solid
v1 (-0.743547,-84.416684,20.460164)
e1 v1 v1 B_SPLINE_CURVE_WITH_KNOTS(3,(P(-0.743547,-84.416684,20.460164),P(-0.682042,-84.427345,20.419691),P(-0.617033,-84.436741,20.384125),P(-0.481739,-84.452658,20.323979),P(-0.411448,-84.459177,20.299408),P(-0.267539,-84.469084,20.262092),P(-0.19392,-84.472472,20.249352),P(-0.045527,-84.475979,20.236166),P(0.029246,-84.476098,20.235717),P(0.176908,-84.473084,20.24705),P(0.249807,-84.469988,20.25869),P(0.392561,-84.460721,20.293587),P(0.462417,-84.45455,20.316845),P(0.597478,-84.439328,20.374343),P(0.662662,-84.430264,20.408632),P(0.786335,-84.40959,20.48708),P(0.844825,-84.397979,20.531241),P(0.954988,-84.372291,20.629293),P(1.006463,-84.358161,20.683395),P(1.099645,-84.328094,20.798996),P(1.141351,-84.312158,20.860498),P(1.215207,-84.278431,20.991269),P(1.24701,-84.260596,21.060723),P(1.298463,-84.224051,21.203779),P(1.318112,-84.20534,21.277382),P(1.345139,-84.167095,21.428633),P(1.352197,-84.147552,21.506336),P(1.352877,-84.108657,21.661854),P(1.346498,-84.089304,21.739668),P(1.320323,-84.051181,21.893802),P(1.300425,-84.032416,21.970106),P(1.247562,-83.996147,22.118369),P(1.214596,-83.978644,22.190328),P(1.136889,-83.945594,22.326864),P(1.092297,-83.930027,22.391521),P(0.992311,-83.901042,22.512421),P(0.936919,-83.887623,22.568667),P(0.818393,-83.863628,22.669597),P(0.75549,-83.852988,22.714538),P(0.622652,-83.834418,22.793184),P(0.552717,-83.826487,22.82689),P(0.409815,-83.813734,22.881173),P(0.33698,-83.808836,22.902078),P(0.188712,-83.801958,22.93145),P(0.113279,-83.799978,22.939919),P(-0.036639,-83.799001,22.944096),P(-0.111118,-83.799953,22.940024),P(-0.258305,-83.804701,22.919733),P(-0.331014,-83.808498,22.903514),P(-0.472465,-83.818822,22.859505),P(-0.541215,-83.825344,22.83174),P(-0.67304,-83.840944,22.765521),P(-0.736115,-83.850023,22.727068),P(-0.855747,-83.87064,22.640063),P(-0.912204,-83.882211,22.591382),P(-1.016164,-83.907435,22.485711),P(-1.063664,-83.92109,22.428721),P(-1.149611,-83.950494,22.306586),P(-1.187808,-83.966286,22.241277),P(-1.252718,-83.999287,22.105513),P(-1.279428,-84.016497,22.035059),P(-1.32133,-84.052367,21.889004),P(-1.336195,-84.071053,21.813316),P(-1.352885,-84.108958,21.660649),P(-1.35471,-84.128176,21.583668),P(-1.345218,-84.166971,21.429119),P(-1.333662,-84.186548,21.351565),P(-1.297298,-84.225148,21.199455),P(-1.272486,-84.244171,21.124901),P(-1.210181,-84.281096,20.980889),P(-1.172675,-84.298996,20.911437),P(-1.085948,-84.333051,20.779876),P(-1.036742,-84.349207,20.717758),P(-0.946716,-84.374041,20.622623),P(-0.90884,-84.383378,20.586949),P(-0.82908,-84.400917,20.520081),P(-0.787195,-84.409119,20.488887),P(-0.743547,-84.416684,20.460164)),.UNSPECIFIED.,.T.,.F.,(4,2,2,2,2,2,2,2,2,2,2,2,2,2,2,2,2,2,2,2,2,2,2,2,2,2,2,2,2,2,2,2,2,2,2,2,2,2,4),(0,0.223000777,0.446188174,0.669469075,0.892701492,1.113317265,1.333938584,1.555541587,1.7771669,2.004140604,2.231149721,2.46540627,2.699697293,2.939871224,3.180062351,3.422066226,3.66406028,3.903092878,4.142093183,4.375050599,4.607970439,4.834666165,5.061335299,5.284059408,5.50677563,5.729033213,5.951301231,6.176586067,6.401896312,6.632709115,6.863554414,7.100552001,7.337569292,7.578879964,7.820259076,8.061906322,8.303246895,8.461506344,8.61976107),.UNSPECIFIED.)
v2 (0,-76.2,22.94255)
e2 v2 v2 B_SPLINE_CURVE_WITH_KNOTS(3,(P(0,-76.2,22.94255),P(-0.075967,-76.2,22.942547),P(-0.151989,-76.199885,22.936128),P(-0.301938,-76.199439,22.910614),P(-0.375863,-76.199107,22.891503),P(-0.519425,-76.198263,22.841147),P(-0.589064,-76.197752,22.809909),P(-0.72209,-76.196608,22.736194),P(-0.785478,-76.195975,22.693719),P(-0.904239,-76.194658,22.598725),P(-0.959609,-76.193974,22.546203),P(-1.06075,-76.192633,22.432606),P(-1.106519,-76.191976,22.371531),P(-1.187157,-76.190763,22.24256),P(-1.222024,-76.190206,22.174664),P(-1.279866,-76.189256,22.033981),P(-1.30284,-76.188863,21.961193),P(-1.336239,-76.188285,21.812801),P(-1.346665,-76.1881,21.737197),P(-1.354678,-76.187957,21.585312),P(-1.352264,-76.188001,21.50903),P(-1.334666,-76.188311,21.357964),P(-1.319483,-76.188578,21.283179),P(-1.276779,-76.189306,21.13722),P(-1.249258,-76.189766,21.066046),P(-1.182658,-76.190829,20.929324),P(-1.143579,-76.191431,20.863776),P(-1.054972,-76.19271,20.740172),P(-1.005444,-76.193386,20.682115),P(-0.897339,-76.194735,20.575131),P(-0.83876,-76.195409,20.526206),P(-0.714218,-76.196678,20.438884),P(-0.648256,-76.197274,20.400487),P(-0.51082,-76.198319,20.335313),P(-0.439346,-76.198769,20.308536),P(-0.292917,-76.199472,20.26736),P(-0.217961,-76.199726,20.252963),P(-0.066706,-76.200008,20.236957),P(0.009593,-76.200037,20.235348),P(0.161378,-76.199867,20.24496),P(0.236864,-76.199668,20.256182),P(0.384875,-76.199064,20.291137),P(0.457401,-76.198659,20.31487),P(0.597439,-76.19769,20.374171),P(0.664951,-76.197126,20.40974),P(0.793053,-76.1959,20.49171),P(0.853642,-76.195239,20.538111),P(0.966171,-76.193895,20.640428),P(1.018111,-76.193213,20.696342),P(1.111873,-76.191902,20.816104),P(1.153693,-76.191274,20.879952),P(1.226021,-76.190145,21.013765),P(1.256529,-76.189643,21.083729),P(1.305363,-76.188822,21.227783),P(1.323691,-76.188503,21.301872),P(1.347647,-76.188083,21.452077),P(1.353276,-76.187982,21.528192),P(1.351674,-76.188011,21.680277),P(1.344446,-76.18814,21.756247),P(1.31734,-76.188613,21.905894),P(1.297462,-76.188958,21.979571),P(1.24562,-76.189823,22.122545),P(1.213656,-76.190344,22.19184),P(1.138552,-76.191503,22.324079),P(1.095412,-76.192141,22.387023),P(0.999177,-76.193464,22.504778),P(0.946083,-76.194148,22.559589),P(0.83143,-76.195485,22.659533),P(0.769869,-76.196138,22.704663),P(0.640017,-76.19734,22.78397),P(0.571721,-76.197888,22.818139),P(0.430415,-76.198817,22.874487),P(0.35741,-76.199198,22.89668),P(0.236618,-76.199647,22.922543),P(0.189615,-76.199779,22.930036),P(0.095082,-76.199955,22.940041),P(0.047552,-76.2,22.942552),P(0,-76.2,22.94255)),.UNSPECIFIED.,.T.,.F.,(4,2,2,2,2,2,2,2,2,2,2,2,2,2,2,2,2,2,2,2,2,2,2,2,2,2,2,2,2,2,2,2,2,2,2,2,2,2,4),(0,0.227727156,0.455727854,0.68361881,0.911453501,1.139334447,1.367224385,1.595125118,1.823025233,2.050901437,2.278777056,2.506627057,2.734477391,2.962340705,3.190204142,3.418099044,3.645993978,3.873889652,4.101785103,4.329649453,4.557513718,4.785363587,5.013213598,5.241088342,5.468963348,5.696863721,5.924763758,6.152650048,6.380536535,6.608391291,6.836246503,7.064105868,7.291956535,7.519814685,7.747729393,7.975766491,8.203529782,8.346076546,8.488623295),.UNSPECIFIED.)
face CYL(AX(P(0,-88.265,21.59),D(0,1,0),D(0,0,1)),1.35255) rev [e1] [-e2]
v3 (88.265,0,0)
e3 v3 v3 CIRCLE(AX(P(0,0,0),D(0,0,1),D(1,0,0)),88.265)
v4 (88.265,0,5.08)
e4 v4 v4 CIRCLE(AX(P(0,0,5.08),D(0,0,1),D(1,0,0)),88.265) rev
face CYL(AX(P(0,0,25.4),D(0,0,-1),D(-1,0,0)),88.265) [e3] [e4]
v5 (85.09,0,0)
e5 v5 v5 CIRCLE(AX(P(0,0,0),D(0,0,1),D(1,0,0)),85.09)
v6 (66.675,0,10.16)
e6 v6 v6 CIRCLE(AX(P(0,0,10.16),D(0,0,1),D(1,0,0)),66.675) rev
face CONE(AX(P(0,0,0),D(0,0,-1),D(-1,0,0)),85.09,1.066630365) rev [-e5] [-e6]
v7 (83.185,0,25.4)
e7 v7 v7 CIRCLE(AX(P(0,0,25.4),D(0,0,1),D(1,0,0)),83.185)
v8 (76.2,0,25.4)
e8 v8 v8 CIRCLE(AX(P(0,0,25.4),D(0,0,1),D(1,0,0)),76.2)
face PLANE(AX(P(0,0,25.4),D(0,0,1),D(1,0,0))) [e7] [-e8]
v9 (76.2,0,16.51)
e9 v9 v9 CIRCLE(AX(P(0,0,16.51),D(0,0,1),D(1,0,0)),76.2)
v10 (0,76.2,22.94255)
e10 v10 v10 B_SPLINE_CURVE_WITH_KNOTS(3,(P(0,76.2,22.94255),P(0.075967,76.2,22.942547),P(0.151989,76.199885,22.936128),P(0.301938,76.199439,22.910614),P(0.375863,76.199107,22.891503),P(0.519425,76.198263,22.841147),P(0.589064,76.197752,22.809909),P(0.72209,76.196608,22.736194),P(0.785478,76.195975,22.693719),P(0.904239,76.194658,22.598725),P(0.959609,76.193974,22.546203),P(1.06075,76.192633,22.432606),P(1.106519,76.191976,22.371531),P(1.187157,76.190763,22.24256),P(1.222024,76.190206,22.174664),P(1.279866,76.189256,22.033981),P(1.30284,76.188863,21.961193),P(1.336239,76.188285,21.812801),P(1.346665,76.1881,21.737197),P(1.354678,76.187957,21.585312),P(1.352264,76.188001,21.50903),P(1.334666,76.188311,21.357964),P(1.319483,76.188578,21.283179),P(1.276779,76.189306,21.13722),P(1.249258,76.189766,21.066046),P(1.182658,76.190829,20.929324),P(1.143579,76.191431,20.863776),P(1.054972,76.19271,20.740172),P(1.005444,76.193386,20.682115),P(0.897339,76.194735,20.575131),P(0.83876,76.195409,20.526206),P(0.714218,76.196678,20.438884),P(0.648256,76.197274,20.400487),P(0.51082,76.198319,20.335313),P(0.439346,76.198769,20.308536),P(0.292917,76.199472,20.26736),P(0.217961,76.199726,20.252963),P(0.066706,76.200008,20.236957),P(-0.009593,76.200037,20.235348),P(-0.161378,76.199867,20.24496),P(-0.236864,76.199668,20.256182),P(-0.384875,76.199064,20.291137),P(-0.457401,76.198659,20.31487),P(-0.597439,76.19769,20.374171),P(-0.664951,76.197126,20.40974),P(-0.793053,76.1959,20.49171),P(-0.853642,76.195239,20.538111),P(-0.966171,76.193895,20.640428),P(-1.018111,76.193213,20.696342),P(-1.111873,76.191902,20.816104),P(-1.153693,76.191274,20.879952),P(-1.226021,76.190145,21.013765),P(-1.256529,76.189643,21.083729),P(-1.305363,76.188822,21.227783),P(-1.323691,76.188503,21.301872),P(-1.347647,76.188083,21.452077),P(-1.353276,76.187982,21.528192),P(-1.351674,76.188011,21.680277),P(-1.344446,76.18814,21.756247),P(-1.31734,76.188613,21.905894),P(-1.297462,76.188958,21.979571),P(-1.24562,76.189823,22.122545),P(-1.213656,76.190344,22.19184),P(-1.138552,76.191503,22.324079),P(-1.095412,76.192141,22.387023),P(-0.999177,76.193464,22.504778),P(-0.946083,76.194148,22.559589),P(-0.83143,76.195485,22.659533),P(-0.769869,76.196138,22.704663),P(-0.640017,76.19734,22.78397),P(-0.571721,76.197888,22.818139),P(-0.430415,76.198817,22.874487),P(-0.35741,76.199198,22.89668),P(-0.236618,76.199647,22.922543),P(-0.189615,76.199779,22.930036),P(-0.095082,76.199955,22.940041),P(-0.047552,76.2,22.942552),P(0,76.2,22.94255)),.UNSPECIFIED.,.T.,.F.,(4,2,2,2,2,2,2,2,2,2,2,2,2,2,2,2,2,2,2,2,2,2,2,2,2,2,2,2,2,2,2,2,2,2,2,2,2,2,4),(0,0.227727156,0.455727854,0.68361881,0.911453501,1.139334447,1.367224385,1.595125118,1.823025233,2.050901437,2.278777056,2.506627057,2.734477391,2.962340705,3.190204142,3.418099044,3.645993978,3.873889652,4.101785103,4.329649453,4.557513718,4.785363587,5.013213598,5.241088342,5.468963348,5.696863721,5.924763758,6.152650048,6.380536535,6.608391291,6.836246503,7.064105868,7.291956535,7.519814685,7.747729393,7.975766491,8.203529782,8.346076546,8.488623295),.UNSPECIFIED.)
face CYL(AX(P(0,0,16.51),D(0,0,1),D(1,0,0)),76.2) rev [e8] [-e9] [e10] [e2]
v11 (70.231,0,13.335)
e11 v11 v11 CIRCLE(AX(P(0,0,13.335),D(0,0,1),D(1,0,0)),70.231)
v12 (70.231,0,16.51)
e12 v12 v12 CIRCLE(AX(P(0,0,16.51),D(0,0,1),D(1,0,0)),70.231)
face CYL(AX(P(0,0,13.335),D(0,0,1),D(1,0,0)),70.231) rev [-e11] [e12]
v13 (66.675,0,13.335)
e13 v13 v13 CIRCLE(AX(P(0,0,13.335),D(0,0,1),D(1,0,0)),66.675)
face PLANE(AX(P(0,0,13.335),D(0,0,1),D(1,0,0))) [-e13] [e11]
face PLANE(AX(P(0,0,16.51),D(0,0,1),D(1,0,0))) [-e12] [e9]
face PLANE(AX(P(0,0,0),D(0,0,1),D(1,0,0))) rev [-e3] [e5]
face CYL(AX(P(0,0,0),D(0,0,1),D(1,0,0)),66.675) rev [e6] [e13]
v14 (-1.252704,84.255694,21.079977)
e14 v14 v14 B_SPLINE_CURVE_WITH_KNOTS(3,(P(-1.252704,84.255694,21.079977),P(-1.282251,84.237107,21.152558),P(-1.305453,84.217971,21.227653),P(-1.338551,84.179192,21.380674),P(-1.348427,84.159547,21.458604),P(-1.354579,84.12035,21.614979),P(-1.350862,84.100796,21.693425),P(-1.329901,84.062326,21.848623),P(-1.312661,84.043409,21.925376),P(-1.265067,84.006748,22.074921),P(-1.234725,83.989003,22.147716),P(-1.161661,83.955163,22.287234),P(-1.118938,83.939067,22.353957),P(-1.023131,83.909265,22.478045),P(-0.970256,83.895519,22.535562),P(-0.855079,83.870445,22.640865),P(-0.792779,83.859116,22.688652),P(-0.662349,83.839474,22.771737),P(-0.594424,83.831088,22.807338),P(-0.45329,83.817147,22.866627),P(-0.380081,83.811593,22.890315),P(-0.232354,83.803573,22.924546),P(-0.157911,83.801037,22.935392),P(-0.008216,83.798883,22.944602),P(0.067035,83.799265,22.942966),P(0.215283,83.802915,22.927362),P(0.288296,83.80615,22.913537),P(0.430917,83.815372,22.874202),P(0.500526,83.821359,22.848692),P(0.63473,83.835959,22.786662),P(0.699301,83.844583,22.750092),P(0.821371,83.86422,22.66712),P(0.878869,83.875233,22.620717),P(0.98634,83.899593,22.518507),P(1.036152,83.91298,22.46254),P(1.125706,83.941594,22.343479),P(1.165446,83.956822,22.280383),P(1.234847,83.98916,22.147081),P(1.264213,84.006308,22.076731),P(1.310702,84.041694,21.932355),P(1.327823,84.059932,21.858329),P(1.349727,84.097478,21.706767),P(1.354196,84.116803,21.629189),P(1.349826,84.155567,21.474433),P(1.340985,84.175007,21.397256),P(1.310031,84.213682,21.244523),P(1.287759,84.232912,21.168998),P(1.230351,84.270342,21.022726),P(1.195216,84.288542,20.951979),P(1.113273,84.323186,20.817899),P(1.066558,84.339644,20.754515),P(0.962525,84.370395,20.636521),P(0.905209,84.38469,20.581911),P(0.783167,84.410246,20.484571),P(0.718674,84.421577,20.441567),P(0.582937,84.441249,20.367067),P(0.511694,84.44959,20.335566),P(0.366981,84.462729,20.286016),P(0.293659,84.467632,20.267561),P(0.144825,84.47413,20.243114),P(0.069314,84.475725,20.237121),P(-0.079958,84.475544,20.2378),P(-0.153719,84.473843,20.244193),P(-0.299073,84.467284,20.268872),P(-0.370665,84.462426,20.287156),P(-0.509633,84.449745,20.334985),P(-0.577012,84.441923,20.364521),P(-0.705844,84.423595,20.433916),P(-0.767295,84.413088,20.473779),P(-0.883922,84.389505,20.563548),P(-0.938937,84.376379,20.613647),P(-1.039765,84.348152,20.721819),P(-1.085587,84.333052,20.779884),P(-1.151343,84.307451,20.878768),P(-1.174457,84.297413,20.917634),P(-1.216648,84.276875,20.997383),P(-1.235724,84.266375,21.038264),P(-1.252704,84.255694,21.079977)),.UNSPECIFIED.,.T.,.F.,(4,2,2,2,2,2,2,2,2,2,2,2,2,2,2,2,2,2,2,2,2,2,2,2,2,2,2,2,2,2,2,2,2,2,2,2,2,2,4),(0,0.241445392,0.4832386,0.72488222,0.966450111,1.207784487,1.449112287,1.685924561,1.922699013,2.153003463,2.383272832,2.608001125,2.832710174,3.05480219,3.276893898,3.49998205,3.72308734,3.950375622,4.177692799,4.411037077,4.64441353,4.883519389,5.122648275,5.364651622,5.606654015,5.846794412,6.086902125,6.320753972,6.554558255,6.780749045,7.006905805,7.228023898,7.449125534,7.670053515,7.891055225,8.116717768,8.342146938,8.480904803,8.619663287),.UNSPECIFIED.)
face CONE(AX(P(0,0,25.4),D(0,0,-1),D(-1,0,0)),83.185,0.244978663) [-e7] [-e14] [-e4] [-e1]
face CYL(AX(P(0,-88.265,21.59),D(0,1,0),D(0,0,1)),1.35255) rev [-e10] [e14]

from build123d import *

# Parameters (mm, degrees)
SKETCH1_R               = 88.265
BOSS_EXTRUDE1_DEPTH     = 25.4
SKETCH2_R               = 76.2
CUT_EXTRUDE1_DEPTH      = 8.89
SKETCH3_R               = 70.231
CUT_EXTRUDE2_DEPTH      = 3.175
SKETCH4_R               = 66.675
CUT_EXTRUDE3_DEPTH      = 126.535822278
CHAMFER1_SIZE           = 10.16
CHAMFER1_SIZE2          = 18.415
CHAMFER2_SIZE           = 20.32
CHAMFER2_SIZE2          = 5.08
CUT_EXTRUDE4_DEPTH      = 128.383595686
CUT_EXTRUDE4_DEPTH_BACK = 128.383595686
SKETCH5_R               = 1.35255


with BuildPart() as part:
    # Sketch1 → Boss-Extrude1 (new body)
    with BuildSketch(Plane.XY):
        Circle(SKETCH1_R)
    extrude(amount=BOSS_EXTRUDE1_DEPTH)

    # Sketch2 → Cut-Extrude1 (cut)
    with BuildSketch(Plane.XY.offset(25.4)):
        Circle(SKETCH2_R)
    extrude(amount=-CUT_EXTRUDE1_DEPTH, mode=Mode.SUBTRACT)

    # Sketch3 → Cut-Extrude2 (cut)
    with BuildSketch(Plane.XY.offset(16.51)):
        Circle(SKETCH3_R)
    extrude(amount=-CUT_EXTRUDE2_DEPTH, mode=Mode.SUBTRACT)

    # Sketch4 → Cut-Extrude3 (cut, through all)
    with BuildSketch(Plane.XY.offset(13.335)):
        Circle(SKETCH4_R)
    extrude(amount=-CUT_EXTRUDE3_DEPTH, mode=Mode.SUBTRACT)

    # Chamfer1
    chamfer1_edges = [part.edges().sort_by_distance(p)[0] for p in [
        (-66.675, 0, 0),
    ]]
    chamfer1_side = [part.faces().sort_by_distance(p)[0] for p in [
        (-66.675, 0, 6.6675),
    ]]
    chamfer(chamfer1_edges, length=CHAMFER1_SIZE, length2=CHAMFER1_SIZE2, reference=chamfer1_side[0])

    # Chamfer2
    chamfer2_edges = [part.edges().sort_by_distance(p)[0] for p in [
        (-88.265, 0, 25.4),
    ]]
    chamfer2_side = [part.faces().sort_by_distance(p)[0] for p in [
        (-88.265, 0, 12.7),
    ]]
    chamfer(chamfer2_edges, length=CHAMFER2_SIZE, length2=CHAMFER2_SIZE2, reference=chamfer2_side[0])

    # Sketch5 → Cut-Extrude4 (cut, two sides: drawn at the far end of the back side and taken through both)
    with BuildSketch(Plane(origin=(0, 0, 0), x_dir=(1, 0, 0), z_dir=(0, 1, 0)).offset(-CUT_EXTRUDE4_DEPTH_BACK)):
        with Locations(Location((0, -21.59, 0), (0, 0, 270))):
            Circle(SKETCH5_R)
    extrude(amount=CUT_EXTRUDE4_DEPTH + CUT_EXTRUDE4_DEPTH_BACK, mode=Mode.SUBTRACT)


solid = part.part
